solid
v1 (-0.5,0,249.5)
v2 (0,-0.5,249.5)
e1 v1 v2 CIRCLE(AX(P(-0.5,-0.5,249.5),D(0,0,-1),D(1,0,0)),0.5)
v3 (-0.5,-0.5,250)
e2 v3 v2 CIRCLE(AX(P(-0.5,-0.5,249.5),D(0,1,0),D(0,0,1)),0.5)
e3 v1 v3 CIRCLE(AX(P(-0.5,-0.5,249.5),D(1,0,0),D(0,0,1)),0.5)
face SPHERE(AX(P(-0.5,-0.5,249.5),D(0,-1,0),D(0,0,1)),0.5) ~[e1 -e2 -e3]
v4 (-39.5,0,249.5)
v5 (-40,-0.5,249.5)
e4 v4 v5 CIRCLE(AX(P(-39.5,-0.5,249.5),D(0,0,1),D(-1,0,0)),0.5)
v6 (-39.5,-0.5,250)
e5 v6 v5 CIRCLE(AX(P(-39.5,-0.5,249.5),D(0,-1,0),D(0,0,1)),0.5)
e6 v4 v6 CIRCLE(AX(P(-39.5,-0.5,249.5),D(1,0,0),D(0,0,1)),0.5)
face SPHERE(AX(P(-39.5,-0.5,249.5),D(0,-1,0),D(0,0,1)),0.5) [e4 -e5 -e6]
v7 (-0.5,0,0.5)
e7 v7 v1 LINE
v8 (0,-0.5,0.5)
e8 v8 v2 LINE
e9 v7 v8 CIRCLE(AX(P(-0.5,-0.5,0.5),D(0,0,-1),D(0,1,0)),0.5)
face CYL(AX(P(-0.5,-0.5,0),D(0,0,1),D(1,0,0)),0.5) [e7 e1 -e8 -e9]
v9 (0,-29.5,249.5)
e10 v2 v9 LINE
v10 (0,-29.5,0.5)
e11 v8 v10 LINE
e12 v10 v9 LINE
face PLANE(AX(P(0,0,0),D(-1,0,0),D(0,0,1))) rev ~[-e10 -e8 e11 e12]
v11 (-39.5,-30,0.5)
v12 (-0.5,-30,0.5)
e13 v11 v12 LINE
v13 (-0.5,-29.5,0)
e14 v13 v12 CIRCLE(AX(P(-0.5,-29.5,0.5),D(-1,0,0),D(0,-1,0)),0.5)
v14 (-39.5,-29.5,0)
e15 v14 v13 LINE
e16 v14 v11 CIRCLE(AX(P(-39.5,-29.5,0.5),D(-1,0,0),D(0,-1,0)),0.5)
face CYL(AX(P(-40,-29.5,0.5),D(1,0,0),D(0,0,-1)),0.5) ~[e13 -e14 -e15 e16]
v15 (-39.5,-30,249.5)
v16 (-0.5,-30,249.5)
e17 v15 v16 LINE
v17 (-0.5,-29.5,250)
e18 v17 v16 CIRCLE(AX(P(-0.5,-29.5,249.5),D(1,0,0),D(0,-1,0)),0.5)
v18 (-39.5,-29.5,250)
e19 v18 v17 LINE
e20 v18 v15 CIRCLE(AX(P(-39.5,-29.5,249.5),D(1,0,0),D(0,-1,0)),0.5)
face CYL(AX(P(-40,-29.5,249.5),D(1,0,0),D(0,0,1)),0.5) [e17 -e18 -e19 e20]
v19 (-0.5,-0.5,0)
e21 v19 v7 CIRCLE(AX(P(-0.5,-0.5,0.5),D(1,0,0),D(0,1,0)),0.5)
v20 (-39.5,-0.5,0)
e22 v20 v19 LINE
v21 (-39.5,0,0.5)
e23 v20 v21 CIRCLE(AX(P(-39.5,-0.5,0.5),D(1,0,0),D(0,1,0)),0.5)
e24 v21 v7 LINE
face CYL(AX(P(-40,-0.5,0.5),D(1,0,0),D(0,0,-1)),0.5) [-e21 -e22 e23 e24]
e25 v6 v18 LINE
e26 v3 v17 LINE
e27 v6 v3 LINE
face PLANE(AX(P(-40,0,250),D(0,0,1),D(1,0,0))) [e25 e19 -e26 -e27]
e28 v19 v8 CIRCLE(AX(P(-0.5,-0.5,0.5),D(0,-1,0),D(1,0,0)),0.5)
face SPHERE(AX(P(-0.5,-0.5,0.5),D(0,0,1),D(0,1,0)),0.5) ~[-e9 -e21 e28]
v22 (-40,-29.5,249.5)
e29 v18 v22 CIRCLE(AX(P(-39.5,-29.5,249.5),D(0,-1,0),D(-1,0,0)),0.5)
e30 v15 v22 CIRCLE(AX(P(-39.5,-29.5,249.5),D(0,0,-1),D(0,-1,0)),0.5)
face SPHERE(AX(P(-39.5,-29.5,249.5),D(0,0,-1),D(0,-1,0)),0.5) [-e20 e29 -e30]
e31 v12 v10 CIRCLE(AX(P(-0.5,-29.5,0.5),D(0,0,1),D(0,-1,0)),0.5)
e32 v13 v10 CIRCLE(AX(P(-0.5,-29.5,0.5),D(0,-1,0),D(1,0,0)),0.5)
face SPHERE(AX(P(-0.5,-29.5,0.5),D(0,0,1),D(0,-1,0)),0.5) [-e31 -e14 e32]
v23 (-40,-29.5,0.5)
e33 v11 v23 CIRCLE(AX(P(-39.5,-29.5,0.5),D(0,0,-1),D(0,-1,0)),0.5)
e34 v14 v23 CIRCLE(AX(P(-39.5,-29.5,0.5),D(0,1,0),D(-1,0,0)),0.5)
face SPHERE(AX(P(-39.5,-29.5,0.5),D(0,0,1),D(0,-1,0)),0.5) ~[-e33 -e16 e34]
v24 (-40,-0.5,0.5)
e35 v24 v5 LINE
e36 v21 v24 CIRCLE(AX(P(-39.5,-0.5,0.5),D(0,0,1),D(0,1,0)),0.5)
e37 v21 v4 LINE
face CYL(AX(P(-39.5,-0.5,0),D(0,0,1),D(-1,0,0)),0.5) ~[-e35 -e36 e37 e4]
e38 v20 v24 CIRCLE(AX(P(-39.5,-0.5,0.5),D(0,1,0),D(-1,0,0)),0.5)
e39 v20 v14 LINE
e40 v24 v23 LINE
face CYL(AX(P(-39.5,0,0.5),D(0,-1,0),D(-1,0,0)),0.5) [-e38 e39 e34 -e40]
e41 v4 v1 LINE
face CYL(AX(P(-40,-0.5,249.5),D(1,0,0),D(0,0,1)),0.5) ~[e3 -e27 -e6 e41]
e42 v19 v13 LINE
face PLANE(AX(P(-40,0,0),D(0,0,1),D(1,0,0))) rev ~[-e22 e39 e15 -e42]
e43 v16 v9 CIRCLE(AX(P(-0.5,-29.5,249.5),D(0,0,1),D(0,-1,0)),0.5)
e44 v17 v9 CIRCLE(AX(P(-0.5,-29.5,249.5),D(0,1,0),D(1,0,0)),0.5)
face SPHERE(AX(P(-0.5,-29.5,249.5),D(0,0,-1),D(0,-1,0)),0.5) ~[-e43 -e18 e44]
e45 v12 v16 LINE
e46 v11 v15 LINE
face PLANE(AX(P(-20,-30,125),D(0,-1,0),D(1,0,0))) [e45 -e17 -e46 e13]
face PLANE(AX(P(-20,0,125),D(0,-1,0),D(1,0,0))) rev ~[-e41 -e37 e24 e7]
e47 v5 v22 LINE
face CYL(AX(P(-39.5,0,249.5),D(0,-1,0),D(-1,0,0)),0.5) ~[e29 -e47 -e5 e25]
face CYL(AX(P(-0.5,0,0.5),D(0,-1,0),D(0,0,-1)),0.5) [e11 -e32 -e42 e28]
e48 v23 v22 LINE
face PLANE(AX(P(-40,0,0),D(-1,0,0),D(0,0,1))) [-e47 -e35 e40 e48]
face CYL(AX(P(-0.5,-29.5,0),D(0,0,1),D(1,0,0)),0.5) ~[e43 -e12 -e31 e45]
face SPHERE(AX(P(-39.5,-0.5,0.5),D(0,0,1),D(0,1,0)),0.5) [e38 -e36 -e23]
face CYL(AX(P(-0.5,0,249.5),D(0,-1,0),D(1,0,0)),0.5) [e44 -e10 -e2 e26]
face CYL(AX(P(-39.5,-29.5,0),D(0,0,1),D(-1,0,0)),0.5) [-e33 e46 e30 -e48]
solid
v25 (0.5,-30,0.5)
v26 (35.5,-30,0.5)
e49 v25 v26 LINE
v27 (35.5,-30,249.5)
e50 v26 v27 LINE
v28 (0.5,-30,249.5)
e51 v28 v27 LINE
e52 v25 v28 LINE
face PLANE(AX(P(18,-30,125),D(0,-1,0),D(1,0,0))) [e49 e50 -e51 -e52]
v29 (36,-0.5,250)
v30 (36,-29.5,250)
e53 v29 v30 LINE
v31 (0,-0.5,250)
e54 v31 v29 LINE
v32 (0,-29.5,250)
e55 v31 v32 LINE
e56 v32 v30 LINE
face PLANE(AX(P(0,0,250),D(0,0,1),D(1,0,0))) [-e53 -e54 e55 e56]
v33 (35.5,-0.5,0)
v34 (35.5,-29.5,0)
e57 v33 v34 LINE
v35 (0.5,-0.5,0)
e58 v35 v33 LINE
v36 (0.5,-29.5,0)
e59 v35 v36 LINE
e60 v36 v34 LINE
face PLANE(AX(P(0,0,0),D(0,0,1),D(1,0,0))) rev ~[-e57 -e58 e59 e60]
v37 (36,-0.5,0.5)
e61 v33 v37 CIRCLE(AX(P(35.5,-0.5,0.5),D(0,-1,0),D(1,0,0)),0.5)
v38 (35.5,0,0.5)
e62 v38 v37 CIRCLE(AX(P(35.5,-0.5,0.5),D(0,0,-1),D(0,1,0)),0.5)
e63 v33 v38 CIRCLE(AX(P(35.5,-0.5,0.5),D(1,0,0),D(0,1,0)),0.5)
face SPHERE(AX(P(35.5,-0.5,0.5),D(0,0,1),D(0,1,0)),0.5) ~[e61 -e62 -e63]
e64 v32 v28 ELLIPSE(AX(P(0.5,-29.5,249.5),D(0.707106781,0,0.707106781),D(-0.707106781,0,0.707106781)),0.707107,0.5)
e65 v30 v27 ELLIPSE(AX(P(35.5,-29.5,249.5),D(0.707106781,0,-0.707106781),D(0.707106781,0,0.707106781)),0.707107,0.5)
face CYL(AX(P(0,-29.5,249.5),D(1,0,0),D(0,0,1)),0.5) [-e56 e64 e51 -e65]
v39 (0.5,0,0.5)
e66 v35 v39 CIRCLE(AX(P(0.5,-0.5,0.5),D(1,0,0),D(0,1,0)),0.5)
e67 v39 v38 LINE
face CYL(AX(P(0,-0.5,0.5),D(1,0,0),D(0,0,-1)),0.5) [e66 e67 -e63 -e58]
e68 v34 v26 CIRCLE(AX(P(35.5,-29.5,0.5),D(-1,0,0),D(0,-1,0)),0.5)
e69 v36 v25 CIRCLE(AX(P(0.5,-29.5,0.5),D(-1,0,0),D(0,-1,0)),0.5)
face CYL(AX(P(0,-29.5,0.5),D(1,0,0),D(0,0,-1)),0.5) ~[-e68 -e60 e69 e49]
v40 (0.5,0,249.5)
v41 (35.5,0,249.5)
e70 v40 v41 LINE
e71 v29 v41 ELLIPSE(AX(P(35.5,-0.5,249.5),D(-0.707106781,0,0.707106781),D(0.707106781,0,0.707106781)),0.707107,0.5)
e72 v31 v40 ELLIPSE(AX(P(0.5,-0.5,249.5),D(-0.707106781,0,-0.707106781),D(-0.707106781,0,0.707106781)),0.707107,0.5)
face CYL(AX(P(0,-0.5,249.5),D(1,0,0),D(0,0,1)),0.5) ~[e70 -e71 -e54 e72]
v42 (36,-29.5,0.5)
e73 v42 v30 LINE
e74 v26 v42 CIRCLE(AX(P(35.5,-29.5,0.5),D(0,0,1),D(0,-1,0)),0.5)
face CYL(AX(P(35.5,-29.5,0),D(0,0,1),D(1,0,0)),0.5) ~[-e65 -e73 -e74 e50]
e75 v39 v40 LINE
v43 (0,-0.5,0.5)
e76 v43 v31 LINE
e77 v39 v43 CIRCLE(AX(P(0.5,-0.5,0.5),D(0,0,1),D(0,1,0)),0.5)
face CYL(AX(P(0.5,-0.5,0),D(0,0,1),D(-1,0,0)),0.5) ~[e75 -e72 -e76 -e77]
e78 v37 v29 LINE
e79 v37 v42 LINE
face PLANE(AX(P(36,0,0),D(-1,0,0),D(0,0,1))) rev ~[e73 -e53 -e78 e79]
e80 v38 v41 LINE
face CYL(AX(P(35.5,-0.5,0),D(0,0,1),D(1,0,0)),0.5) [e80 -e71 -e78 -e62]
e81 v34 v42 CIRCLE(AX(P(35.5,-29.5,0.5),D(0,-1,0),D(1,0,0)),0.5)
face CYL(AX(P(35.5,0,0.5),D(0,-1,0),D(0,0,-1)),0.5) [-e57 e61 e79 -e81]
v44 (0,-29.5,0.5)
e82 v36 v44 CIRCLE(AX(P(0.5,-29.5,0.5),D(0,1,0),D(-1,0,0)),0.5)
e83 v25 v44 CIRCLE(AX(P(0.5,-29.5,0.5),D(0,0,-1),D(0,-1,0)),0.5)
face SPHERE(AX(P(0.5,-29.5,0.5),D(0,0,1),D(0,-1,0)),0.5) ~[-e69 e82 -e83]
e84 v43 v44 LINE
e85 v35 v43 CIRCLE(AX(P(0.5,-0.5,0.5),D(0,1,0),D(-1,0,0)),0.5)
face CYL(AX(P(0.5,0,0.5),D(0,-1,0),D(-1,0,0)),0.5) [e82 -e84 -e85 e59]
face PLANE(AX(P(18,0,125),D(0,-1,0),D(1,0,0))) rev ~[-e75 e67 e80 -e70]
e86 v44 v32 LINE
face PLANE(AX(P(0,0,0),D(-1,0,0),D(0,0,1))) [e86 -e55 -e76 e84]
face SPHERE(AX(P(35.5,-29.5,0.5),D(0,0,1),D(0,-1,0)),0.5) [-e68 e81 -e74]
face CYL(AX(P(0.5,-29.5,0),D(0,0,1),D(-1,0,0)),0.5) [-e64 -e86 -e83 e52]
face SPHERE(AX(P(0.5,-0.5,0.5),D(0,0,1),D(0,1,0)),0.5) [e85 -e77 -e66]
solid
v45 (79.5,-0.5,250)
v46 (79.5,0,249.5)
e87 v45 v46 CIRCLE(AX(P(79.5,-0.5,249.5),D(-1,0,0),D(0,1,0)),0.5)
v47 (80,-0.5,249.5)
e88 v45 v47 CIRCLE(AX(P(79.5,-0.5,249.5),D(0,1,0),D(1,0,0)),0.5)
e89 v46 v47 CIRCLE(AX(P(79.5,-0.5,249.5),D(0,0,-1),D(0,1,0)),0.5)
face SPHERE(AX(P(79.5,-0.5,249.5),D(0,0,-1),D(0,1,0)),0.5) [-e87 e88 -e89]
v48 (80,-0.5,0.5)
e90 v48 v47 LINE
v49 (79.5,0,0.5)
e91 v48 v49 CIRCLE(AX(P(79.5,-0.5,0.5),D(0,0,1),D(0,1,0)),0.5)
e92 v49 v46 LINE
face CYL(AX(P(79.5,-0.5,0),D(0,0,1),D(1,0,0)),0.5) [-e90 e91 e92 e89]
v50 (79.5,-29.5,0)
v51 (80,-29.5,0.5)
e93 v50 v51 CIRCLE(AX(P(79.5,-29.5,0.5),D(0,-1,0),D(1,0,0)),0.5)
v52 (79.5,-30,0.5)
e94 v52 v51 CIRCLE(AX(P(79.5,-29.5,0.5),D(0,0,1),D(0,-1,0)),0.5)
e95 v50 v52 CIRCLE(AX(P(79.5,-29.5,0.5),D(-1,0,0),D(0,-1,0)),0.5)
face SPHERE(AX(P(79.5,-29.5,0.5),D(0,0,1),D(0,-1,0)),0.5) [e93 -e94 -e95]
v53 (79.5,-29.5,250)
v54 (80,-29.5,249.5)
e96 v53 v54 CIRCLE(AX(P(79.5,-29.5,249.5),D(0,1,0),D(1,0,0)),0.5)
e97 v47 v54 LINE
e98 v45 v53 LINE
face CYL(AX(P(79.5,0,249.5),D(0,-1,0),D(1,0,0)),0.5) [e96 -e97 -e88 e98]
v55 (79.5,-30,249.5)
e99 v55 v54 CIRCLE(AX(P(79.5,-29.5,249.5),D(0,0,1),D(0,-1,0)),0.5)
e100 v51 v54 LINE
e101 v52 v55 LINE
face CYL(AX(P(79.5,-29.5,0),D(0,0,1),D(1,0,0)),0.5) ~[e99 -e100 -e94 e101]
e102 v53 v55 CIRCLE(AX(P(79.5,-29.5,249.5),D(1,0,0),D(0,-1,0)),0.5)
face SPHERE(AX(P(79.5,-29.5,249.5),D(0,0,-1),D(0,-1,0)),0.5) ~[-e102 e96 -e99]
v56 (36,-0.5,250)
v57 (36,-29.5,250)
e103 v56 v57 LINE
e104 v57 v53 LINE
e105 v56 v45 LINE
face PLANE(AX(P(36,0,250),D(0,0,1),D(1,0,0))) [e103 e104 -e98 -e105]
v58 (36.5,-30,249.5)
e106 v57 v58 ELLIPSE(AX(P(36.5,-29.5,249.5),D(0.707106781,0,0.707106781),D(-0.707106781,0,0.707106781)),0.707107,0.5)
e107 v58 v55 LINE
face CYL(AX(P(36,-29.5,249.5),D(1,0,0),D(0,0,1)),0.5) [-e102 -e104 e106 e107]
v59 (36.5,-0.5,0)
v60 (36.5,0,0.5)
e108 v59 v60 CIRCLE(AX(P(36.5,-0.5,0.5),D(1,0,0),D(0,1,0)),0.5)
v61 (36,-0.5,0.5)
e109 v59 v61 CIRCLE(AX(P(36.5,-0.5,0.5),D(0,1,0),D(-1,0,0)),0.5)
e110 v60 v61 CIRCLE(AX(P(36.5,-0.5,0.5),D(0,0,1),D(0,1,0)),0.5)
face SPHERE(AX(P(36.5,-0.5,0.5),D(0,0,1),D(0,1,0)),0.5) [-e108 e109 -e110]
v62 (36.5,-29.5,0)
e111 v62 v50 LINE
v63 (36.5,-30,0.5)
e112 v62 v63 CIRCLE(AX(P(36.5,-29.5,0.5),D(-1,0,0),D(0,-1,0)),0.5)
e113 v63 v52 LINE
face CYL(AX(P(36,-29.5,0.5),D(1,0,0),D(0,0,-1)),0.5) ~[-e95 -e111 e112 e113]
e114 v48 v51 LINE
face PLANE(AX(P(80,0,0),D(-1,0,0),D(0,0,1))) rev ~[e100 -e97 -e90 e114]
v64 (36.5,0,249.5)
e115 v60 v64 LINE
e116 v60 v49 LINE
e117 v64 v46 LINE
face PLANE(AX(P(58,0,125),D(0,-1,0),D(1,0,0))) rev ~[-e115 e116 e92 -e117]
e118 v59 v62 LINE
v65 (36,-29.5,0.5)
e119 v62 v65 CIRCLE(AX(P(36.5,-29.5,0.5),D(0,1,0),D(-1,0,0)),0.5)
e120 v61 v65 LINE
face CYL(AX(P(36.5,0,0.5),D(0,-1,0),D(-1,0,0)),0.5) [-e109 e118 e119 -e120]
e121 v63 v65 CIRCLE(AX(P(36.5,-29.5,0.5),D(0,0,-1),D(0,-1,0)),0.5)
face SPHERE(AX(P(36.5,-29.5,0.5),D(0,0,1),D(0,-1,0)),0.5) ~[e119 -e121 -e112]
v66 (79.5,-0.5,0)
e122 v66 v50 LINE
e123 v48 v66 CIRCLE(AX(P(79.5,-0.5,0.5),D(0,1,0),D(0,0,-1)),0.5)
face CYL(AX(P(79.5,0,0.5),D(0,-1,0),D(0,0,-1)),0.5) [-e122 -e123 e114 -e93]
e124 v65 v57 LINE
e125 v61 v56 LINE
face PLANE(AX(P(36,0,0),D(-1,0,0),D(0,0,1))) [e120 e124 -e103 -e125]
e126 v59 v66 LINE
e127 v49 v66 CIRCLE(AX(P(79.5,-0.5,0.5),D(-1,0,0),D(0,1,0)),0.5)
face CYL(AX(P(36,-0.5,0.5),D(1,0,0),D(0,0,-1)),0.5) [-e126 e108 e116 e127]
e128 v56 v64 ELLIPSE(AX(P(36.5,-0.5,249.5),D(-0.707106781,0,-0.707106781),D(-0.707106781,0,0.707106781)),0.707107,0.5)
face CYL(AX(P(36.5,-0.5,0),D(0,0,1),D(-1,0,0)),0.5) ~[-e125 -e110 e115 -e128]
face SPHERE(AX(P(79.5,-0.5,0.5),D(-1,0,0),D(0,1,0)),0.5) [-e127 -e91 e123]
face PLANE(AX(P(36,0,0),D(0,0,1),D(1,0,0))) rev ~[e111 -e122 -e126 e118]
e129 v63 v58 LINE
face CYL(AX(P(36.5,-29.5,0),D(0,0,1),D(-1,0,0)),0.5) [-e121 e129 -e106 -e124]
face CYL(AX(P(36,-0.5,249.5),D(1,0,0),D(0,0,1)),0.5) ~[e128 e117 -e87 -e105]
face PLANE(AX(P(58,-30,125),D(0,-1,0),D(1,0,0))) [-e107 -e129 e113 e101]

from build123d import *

# Parameters (mm, degrees)
F0_W     = 40
F0_H     = 250
F3_DEPTH = 30
F1_W     = 36
F1_H     = 250
F4_DEPTH = 30
F2_W     = 44
F2_H     = 250
F5_DEPTH = 30
F6_R     = 0.5
F6_2_R   = 0.5
F6_3_R   = 0.5


with BuildPart() as f3:
    # F0 (on Front) → F3 (new body)
    with BuildSketch(Plane.XZ):
        with Locations((-20, 125)):
            Rectangle(F0_W, F0_H)
    extrude(amount=F3_DEPTH)

    # F6#3
    f6_3_edges = [f3.edges().sort_by_distance(p)[0] for p in [
        (0, -30, 125),
        (-40, -30, 125),
        (-20, -30, 0),
        (-20, -30, 250),
        (0, -15, 250),
        (-40, -15, 250),
        (-20, 0, 250),
        (0, 0, 125),
        (-40, 0, 125),
        (-20, 0, 0),
        (-40, -15, 0),
        (0, -15, 0),
    ]]
    fillet(f6_3_edges, radius=F6_3_R)


with BuildPart() as f4:
    # F1 (on Front) → F4 (new body)
    with BuildSketch(Plane.XZ):
        with Locations((18, 125)):
            Rectangle(F1_W, F1_H)
    extrude(amount=F4_DEPTH)

    # F6#2
    f6_2_edges = [f4.edges().sort_by_distance(p)[0] for p in [
        (36, -30, 125),
        (0, -30, 125),
        (18, -30, 0),
        (18, -30, 250),
        (36, 0, 125),
        (0, 0, 125),
        (18, 0, 0),
        (18, 0, 250),
        (36, -15, 0),
        (0, -15, 0),
    ]]
    fillet(f6_2_edges, radius=F6_2_R)


with BuildPart() as f5:
    # F2 (on Front) → F5 (new body)
    with BuildSketch(Plane.XZ):
        with Locations((58, 125)):
            Rectangle(F2_W, F2_H)
    extrude(amount=F5_DEPTH)

    # F6
    f6_edges = [f5.edges().sort_by_distance(p)[0] for p in [
        (80, -30, 125),
        (36, -30, 125),
        (58, -30, 0),
        (58, -30, 250),
        (36, 0, 125),
        (58, 0, 0),
        (80, 0, 125),
        (58, 0, 250),
        (80, -15, 0),
        (80, -15, 250),
        (36, -15, 0),
    ]]
    fillet(f6_edges, radius=F6_R)


solid = Compound([f3.part, f4.part, f5.part])
